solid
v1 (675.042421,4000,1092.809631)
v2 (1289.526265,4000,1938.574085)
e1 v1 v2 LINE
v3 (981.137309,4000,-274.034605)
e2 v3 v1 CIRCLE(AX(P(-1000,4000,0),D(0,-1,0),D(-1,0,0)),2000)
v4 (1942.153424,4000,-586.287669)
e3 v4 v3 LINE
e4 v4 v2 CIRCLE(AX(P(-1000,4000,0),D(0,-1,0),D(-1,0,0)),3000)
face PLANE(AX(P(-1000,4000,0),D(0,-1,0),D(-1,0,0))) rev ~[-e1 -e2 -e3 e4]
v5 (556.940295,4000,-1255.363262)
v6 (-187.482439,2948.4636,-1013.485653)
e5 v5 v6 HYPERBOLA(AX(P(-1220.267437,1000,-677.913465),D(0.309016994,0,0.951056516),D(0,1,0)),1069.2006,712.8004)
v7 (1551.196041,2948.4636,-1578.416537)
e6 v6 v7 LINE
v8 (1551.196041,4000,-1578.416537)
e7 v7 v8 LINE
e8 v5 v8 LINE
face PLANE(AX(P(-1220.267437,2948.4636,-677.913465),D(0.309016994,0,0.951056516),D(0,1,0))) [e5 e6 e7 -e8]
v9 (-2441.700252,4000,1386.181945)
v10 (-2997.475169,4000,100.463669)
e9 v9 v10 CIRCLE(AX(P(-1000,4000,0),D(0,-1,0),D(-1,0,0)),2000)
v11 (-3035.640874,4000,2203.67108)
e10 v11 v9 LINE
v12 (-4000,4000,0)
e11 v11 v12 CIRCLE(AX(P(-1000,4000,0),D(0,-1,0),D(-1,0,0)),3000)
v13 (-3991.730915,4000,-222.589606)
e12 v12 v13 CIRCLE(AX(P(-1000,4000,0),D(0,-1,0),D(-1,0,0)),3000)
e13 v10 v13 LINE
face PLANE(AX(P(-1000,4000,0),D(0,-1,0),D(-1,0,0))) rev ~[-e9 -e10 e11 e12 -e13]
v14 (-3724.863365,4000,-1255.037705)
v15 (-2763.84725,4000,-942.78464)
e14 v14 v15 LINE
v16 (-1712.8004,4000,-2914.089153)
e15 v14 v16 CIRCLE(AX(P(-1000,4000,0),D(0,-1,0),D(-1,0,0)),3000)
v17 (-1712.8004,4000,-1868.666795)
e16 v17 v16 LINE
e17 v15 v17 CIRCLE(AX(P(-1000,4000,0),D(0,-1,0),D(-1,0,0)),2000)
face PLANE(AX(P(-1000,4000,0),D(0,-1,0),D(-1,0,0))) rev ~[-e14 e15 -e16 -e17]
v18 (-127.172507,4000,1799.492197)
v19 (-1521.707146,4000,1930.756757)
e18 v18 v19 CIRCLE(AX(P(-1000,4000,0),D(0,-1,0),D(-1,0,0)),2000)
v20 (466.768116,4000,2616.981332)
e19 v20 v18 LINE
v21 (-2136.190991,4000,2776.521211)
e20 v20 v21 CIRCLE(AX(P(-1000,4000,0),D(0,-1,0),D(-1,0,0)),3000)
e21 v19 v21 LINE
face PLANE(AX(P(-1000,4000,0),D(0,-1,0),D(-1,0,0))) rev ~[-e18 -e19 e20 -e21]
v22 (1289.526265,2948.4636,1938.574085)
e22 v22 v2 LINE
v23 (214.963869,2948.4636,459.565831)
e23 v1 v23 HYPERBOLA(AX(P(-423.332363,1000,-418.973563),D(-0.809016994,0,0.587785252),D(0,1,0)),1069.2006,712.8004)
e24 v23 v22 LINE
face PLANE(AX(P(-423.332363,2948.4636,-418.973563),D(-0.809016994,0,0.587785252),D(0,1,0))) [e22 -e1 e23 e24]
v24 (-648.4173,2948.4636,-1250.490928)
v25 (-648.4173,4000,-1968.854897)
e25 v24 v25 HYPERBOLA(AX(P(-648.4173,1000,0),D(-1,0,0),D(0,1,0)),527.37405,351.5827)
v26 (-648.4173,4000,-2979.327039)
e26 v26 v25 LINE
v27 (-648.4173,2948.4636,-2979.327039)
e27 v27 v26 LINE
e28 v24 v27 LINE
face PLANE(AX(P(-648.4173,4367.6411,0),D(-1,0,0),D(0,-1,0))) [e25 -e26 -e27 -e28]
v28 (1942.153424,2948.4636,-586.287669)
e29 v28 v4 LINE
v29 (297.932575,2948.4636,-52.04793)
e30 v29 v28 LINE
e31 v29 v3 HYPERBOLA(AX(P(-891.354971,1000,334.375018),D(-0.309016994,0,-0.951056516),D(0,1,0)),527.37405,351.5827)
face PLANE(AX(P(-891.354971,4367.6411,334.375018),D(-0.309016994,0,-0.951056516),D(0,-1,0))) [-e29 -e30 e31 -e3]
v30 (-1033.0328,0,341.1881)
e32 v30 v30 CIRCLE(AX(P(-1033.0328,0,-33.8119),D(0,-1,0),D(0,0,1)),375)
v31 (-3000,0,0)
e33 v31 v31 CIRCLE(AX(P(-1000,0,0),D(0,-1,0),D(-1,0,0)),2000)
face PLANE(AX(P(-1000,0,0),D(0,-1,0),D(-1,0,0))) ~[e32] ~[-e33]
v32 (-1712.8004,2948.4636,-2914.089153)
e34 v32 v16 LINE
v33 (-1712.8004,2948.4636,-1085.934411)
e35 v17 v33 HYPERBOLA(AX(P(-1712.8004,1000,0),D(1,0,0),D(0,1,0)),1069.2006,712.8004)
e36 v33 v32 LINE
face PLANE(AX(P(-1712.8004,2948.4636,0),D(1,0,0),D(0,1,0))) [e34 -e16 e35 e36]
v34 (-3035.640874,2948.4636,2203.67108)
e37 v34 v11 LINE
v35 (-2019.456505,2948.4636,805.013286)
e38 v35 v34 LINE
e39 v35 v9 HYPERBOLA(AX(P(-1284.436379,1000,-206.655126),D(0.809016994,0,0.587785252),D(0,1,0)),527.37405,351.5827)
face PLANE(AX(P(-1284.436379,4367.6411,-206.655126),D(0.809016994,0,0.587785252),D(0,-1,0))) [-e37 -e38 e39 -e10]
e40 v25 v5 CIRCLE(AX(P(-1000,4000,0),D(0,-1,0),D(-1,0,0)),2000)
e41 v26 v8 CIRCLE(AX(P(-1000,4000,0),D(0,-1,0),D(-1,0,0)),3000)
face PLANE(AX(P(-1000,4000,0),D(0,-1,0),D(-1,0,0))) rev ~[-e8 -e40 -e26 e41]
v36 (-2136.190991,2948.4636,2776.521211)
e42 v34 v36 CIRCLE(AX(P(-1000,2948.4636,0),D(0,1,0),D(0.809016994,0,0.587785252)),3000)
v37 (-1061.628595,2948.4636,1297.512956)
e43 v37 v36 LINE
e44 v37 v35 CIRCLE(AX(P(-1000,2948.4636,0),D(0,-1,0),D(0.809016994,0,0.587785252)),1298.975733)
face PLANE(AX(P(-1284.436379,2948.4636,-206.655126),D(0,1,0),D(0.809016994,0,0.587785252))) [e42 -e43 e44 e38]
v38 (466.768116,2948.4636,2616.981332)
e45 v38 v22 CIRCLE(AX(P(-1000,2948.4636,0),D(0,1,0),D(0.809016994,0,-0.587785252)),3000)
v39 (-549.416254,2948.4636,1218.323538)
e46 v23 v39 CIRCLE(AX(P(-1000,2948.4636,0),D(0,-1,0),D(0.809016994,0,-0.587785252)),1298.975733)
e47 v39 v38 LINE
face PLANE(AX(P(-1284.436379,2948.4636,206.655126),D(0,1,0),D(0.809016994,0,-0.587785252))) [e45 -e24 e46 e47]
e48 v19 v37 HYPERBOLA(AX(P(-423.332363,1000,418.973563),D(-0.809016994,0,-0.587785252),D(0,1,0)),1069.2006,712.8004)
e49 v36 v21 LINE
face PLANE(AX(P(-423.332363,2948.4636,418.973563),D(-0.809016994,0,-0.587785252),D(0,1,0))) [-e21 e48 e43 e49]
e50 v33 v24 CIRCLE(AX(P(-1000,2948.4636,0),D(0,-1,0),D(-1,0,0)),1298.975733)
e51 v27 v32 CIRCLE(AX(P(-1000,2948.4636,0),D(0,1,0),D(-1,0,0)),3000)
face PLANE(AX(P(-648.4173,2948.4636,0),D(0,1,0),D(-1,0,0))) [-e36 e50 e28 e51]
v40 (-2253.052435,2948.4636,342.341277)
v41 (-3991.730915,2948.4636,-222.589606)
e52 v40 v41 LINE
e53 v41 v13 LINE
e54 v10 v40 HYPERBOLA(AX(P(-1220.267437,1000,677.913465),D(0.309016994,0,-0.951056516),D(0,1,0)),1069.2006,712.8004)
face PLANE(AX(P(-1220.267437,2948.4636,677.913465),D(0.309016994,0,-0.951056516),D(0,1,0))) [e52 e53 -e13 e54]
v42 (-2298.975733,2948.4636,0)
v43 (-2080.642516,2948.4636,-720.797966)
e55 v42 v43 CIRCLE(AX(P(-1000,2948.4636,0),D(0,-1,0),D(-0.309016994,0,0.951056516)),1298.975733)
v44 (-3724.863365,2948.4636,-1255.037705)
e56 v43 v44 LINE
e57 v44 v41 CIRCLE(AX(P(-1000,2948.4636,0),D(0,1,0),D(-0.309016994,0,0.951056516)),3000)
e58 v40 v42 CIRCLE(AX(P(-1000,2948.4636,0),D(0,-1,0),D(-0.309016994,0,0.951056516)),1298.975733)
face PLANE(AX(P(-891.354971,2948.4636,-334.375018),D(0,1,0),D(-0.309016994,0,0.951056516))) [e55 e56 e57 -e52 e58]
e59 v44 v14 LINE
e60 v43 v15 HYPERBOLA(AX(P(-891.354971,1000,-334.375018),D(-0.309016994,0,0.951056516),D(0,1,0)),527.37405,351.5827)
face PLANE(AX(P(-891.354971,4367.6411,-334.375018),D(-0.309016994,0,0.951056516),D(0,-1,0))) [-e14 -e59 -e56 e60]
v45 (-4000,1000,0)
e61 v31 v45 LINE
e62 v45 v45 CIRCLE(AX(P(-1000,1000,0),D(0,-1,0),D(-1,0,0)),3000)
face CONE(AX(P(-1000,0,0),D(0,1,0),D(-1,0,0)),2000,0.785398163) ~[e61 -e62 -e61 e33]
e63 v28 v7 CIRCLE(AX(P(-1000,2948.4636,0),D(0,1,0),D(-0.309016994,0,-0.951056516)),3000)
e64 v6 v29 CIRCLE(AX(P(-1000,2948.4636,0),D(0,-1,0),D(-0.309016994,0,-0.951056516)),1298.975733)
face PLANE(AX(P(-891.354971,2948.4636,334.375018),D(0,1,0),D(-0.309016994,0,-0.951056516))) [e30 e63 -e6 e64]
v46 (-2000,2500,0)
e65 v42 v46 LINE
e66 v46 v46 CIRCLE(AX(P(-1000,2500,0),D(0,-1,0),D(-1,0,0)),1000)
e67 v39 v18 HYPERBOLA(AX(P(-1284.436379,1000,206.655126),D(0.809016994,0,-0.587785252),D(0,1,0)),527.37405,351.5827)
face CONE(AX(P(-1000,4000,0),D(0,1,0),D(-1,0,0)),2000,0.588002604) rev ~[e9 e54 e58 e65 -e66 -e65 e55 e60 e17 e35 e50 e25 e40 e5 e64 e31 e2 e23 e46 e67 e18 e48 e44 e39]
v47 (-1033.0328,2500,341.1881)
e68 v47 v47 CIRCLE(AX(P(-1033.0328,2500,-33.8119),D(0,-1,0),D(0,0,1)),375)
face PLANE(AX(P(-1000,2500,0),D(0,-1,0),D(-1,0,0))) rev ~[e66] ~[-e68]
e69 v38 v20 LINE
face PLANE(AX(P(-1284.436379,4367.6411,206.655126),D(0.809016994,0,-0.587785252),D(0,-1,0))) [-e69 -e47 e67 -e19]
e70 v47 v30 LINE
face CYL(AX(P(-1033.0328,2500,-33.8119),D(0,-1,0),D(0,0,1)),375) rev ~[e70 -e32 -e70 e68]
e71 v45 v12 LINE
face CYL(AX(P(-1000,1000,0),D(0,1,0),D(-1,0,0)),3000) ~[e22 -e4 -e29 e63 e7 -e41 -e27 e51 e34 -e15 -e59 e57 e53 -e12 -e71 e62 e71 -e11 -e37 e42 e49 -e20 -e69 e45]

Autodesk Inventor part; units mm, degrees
ref_plane "YZ Plane" through (0, 0, 0) normal (1, 0, 0) x (0, 1, 0)
ref_plane "XZ Plane" through (0, 0, 0) normal (0, 1, 0) x (-1, 0, 0)
ref_plane "XY Plane" through (0, 0, 0) normal (0, 0, 1) x (1, 0, 0)
sketch "Sketch1" plane through (0, 0, 0) normal (0, 0, 1) x (1, 0, 0)
  line L0 (-1000, 0) -> (1000, 0)
  line L1 (1000, 0) -> (2000, 1000)
  line L2 (2000, 1000) -> (2000, 4000)
  line L3 (2000, 4000) -> (1000, 4000)
  line L4 (1000, 4000) -> (0, 2500)
  line L5 (0, 2500) -> (-1000, 2500)
  line L6 (-1000, 2500) -> (-1000, 0)
  line L7 (0, 0) -> (1000, 0)
  line L8 (0, 5771.6776) -> (0, -2566.7005)
  dimension "d3" = 3000
  dimension "d4" = 1000
  dimension "d5" = 1000
  dimension "d6" = 1000
  dimension "d7" = 1000
  dimension "d8" = 1000
  dimension "d9" = 1500
  dimension "d19" = 2000
  dimension "d20" = 1000
revolve "Revolution1" add sketch "Sketch1" angle 360 mid plane about axis through (-1000, 2500, 0) along (0, -1, 0)
sketch "Sketch2" plane through (-1000, 2500, 0) normal (0, 1, 0) x (1, 0, 0)
  point P0 (1000, 0)
  point P1 (-33.0328, 33.8119)
hole "Hole1" at (-1033.0328, 2500, -33.8119) direction (0, -1, 0) diameter 750 end through all
sketch "Sketch3" plane through (0, 0, 0) normal (1, 0, 0) x (0, 1, 0)
  line L0 (0, -408.8119) -> (2500, -408.8119) projected
  line L1 (1553.7538, -844.1655) -> (1553.7538, 452.6685)
  point P0 (0, 0)
sketch "Sketch4" plane through (0, 0, 0) normal (0, 0, 1) x (1, 0, 0)
  line L0 (-1712.8004, 4367.6411) -> (-648.4173, 4367.6411)
  line L1 (-648.4173, 4367.6411) -> (-648.4173, 2948.4636)
  line L2 (-648.4173, 2948.4636) -> (-1712.8004, 2948.4636)
  line L3 (-1712.8004, 2948.4636) -> (-1712.8004, 4367.6411)
  point P0 (0, 0)
extrude "Extrusion1" cut sketch "Sketch4" against normal up to next
pattern_circular "Circular Pattern1" count 5 over 360 about axis through (-1000, 3250, 0) along (0, -1, 0) of "Extrusion1"
properties part number "bucket" material "Wood (Maple)"
